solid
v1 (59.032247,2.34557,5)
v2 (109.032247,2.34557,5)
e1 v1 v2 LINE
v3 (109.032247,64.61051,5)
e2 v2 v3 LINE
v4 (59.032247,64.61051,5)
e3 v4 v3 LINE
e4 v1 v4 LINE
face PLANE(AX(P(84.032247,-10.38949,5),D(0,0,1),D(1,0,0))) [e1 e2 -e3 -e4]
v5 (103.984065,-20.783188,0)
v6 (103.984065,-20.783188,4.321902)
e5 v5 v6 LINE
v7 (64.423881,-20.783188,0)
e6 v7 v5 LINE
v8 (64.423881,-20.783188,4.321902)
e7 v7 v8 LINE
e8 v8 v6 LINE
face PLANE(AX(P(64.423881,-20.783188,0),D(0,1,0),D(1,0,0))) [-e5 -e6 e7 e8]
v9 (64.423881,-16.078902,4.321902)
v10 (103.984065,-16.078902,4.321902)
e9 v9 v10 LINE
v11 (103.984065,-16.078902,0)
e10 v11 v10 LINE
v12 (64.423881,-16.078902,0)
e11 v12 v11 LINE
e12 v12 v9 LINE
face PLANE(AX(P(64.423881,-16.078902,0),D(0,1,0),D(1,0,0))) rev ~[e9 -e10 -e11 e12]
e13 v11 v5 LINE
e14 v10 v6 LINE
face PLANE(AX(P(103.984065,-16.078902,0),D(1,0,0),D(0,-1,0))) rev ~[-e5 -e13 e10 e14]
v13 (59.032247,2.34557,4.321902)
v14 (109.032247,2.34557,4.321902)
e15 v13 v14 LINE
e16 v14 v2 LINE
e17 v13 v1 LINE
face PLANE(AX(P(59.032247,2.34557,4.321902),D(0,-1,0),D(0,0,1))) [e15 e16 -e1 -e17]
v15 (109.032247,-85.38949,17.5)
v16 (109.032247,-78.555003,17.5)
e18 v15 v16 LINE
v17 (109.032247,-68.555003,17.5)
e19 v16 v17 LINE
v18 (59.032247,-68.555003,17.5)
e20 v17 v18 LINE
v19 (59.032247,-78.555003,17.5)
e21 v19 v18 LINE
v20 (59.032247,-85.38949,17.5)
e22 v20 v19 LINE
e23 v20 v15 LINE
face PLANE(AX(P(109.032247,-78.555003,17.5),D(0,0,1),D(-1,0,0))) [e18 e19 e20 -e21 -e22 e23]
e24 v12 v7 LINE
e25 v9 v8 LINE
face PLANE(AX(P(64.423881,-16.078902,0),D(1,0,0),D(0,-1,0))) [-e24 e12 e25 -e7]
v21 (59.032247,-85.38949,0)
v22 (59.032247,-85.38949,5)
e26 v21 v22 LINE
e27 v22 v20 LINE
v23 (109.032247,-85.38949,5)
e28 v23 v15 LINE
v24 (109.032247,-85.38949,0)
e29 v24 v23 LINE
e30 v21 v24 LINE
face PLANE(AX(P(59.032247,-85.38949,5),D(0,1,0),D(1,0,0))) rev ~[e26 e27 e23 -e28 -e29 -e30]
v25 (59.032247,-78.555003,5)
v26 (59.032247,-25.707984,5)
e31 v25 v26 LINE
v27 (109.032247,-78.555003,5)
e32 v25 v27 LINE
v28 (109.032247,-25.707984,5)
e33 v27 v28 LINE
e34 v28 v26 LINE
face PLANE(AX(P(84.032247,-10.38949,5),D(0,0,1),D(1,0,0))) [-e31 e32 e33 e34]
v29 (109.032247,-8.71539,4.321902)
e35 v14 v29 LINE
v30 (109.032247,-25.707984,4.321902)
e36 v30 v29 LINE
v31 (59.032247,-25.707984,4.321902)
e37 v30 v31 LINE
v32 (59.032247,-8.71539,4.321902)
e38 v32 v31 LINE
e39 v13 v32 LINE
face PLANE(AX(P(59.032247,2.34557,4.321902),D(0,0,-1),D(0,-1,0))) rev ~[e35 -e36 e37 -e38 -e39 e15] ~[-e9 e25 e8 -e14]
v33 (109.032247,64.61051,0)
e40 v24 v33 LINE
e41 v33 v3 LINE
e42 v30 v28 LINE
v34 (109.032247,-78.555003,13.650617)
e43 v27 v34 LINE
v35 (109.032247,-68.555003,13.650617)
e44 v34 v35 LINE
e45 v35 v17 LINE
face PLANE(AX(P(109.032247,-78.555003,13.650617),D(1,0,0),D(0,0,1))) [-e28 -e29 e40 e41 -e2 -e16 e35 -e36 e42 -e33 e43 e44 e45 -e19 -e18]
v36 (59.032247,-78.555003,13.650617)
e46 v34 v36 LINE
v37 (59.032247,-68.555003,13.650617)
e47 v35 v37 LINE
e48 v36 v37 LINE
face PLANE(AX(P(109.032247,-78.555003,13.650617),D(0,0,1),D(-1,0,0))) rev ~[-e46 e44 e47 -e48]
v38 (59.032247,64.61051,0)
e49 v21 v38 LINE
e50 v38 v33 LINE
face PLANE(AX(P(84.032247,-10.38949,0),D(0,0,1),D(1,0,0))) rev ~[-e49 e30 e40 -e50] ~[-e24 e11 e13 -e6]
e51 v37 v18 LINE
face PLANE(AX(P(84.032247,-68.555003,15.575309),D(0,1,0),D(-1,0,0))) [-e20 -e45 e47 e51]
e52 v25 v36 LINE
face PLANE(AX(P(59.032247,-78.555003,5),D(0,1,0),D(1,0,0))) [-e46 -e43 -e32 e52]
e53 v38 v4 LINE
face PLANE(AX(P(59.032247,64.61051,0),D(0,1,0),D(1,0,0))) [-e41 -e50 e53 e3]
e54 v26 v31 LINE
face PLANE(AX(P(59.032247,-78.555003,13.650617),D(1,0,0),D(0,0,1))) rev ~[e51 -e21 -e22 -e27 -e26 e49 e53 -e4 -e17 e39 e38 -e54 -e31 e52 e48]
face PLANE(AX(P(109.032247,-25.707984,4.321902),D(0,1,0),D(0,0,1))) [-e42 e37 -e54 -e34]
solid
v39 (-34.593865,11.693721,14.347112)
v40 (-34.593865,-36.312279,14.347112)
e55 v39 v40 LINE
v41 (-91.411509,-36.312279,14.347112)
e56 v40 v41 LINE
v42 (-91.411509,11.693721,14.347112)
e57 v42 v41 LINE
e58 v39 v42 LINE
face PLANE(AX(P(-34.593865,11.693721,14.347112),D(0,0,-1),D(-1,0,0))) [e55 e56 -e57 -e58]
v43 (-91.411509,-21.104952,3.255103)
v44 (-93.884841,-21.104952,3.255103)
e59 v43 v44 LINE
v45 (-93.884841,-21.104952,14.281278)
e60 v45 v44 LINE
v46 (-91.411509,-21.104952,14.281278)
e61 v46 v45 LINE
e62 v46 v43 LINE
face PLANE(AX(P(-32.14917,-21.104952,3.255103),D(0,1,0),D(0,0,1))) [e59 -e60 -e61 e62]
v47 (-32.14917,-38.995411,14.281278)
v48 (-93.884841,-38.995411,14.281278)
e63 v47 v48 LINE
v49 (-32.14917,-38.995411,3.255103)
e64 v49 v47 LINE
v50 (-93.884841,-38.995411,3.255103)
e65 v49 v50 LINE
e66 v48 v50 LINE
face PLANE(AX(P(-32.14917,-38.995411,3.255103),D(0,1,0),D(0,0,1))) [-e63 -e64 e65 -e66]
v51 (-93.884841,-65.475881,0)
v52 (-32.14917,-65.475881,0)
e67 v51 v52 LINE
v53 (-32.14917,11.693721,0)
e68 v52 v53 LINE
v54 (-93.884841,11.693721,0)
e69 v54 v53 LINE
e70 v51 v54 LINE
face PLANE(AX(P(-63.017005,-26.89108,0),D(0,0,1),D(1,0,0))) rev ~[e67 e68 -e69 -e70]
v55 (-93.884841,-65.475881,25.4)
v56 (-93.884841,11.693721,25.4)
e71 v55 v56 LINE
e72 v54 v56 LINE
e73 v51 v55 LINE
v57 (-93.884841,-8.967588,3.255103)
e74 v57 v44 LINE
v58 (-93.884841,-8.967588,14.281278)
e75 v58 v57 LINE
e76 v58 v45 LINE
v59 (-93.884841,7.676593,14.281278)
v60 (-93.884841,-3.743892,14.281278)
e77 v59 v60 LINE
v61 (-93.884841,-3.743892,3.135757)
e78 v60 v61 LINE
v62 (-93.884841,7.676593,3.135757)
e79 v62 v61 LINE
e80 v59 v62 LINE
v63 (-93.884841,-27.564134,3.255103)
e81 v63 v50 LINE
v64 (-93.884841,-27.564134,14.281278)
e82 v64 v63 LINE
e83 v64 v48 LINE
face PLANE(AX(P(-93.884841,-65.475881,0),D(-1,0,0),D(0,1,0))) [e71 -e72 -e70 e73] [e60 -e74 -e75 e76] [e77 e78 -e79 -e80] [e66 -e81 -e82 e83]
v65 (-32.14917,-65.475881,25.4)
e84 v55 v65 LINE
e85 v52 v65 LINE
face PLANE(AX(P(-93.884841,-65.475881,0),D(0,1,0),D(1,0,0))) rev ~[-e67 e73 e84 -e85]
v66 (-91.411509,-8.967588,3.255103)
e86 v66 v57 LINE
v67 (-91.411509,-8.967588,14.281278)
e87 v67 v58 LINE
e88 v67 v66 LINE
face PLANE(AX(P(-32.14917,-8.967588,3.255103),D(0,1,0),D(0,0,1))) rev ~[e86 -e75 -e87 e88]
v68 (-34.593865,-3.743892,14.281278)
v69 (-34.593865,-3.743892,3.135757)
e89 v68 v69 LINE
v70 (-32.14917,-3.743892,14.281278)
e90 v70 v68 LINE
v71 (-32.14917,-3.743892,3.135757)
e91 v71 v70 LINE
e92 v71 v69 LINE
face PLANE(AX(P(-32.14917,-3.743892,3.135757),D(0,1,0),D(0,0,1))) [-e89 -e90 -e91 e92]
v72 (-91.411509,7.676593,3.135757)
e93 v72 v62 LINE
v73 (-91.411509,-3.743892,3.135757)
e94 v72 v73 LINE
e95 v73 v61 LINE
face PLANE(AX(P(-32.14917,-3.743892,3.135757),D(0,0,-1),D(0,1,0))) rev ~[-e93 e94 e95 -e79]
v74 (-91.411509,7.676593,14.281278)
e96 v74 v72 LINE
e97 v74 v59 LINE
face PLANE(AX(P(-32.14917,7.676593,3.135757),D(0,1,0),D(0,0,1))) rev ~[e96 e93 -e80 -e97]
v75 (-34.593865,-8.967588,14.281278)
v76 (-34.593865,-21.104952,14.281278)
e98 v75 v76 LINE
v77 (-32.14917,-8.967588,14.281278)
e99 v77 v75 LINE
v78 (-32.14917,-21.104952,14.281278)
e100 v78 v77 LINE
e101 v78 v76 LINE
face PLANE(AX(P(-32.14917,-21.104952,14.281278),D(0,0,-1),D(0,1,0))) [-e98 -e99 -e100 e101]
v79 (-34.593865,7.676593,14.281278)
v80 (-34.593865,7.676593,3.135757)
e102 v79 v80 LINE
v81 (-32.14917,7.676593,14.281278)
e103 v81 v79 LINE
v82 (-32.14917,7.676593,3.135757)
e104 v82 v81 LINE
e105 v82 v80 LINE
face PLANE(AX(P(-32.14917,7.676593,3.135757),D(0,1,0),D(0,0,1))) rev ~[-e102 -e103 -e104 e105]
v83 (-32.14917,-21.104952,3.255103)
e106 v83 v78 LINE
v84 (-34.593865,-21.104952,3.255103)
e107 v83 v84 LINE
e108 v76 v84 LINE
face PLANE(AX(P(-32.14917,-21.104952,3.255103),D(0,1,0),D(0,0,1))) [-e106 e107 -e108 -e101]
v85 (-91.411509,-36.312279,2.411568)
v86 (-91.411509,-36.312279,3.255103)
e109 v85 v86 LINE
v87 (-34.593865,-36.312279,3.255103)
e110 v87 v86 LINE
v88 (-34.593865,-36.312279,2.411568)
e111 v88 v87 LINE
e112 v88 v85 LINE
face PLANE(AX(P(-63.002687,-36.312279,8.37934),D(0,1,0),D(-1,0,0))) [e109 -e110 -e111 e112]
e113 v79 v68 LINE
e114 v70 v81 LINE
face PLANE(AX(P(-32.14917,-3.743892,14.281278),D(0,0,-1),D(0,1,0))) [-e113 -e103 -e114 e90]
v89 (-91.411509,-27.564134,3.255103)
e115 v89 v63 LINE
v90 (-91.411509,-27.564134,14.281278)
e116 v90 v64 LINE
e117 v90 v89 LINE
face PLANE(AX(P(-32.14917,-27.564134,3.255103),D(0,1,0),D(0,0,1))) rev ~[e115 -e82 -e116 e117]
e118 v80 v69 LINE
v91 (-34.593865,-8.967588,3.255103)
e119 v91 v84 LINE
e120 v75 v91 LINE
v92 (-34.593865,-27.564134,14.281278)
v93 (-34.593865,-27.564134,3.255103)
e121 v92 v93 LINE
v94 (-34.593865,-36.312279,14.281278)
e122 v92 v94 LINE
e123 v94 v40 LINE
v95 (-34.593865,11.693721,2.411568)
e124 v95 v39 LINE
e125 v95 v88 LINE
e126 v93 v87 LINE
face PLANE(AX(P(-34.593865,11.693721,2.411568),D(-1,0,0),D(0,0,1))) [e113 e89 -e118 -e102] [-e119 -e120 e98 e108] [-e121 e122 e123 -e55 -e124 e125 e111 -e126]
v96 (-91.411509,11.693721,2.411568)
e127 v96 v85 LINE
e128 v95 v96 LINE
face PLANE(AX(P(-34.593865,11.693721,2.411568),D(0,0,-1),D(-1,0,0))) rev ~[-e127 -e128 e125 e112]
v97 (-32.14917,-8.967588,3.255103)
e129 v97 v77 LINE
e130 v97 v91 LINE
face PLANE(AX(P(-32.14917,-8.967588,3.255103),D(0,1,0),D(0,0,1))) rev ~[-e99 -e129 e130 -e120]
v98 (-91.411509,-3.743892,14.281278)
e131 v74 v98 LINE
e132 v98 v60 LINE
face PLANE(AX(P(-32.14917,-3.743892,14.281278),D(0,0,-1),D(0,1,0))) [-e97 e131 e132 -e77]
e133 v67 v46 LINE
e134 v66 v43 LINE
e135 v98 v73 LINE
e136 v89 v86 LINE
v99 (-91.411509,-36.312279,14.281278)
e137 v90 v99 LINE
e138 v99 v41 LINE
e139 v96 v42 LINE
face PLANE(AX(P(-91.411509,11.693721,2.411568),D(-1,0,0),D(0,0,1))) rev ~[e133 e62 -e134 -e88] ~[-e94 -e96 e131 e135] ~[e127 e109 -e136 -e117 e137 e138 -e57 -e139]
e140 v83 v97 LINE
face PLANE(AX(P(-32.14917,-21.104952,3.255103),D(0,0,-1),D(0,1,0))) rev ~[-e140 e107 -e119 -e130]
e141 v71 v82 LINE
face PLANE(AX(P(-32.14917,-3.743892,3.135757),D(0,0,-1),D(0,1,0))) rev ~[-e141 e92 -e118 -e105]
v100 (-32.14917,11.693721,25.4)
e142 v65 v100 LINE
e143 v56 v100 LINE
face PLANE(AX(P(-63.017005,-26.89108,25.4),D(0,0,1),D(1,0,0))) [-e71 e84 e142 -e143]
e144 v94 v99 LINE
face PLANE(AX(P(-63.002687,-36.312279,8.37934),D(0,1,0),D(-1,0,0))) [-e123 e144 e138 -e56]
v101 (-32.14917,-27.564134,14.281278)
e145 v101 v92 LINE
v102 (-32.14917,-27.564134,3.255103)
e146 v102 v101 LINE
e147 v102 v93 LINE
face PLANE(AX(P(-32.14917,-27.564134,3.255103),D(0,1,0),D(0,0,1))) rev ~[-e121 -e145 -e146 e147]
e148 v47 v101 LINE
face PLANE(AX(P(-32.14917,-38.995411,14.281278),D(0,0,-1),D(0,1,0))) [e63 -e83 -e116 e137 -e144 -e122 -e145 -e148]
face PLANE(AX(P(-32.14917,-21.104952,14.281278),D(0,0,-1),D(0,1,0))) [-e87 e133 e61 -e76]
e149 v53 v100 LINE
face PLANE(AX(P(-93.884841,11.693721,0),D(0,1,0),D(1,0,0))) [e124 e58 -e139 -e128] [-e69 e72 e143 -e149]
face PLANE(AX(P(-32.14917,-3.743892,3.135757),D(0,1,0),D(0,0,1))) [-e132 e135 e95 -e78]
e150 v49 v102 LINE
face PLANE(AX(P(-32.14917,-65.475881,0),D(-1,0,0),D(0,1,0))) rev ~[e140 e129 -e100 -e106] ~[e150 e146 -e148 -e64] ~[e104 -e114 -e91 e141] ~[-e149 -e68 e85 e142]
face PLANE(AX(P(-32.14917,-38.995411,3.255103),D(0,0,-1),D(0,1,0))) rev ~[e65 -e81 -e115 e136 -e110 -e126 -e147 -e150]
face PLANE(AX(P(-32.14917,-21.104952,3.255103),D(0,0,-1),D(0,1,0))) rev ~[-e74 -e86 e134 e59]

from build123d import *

# Parameters (mm, degrees)
F0_W      = 50
F0_H      = 150
F1_DEPTH  = 5
F2_W      = 16.9925941154
F2_H      = 5.7588387281
F3_DEPTH  = 56.642
F4_W      = 16.9925941154
F4_H      = 0.678097941
F4_W_2    = 11.0609598923
F5_DEPTH  = 60.96
F6_W      = 39.5601838827
F6_H      = 4.704285413
F7_DEPTH  = 25.4
F8_W      = 50
F8_H      = 6.8344867335
F9_DEPTH  = 12.5
F10_W     = 50
F10_H     = 3.8493825495
F11_DEPTH = 10
F12_W     = 61.7356710136
F12_H     = 77.1696018055
F13_DEPTH = 25.4
F14_W     = 56.8176433444
F14_H     = 11.9355437346
F15_DEPTH = 48.006
F16_W     = 11.4312767982
F16_H     = 11.0261759255
F16_W_2   = 11.4204857964
F16_H_2   = 11.145521421
F16_W_3   = 12.1373645961
F17_DEPTH = 64.008


with BuildPart() as f1:
    # F0 (on Top) → F1 (new body)
    with BuildSketch(Plane.XY):
        with Locations((84.032246843, -10.3894895421)):
            Rectangle(F0_W, F0_H)
    extrude(amount=F1_DEPTH)

    # F2 (on face) → F3 (cut)
    with BuildSketch(Plane.YZ.offset(109.032246843)):
        with Locations((-17.2116872855, 7.2013214231)):
            Rectangle(F2_W, F2_H)
    extrude(amount=-F3_DEPTH, mode=Mode.SUBTRACT)

    # F4 (on face) → F5 (cut)
    with BuildSketch(Plane(origin=(59.032246843, 0, 0), x_dir=(0, -1, 0), z_dir=(-1, 0, 0))):
        with Locations((17.2116872855, 4.6609510295)):
            Rectangle(F4_W, F4_H)
        with Locations((3.1849102816, 4.6609510295)):
            Rectangle(F4_W_2, F4_H)
    extrude(amount=-F5_DEPTH, mode=Mode.SUBTRACT)

    # F6 (on face) → F7 (cut)
    with BuildSketch(Plane(origin=(0, 0, 0), x_dir=(1, 0, 0), z_dir=(0, 0, -1))):
        with Locations((84.2039734125, 18.431045115)):
            Rectangle(F6_W, F6_H)
    extrude(amount=-F7_DEPTH, mode=Mode.SUBTRACT)

    # F8 (on face) → F9 (join)
    with BuildSketch(Plane.XY.offset(5)):
        with Locations((84.032246843, -81.9722461753)):
            Rectangle(F8_W, F8_H)
    extrude(amount=F9_DEPTH)

    # F10 (on face) → F11 (join)
    with BuildSketch(Plane(origin=(0, -78.5550028086, 0), x_dir=(-1, 0, 0), z_dir=(0, 1, 0))):
        with Locations((-84.032246843, 15.5753087252)):
            Rectangle(F10_W, F10_H)
    extrude(amount=F11_DEPTH)


with BuildPart() as f13:
    # F12 (on Top) → F13 (new body)
    with BuildSketch(Plane.XY):
        with Locations((-63.0170051008, -26.8910801969)):
            Rectangle(F12_W, F12_H)
    extrude(amount=F13_DEPTH)

    # F14 (on face) → F15 (cut)
    with BuildSketch(Plane(origin=(0, 11.6937207058, 0), x_dir=(-1, 0, 0), z_dir=(0, 1, 0))):
        with Locations((63.0026869476, 8.379339939)):
            Rectangle(F14_W, F14_H)
    extrude(amount=-F15_DEPTH, mode=Mode.SUBTRACT)

    # F16 (on face) → F17 (cut)
    with BuildSketch(Plane.YZ.offset(-32.149169594)):
        with Locations((-33.2797728479, 8.7681905134)):
            Rectangle(F16_W, F16_H)
        with Locations((1.9663505955, 8.7085177656)):
            Rectangle(F16_W_2, F16_H_2)
        with Locations((-15.0362700224, 8.7681905134)):
            Rectangle(F16_W_3, F16_H)
    extrude(amount=-F17_DEPTH, mode=Mode.SUBTRACT)


solid = Compound([f1.part, f13.part])
